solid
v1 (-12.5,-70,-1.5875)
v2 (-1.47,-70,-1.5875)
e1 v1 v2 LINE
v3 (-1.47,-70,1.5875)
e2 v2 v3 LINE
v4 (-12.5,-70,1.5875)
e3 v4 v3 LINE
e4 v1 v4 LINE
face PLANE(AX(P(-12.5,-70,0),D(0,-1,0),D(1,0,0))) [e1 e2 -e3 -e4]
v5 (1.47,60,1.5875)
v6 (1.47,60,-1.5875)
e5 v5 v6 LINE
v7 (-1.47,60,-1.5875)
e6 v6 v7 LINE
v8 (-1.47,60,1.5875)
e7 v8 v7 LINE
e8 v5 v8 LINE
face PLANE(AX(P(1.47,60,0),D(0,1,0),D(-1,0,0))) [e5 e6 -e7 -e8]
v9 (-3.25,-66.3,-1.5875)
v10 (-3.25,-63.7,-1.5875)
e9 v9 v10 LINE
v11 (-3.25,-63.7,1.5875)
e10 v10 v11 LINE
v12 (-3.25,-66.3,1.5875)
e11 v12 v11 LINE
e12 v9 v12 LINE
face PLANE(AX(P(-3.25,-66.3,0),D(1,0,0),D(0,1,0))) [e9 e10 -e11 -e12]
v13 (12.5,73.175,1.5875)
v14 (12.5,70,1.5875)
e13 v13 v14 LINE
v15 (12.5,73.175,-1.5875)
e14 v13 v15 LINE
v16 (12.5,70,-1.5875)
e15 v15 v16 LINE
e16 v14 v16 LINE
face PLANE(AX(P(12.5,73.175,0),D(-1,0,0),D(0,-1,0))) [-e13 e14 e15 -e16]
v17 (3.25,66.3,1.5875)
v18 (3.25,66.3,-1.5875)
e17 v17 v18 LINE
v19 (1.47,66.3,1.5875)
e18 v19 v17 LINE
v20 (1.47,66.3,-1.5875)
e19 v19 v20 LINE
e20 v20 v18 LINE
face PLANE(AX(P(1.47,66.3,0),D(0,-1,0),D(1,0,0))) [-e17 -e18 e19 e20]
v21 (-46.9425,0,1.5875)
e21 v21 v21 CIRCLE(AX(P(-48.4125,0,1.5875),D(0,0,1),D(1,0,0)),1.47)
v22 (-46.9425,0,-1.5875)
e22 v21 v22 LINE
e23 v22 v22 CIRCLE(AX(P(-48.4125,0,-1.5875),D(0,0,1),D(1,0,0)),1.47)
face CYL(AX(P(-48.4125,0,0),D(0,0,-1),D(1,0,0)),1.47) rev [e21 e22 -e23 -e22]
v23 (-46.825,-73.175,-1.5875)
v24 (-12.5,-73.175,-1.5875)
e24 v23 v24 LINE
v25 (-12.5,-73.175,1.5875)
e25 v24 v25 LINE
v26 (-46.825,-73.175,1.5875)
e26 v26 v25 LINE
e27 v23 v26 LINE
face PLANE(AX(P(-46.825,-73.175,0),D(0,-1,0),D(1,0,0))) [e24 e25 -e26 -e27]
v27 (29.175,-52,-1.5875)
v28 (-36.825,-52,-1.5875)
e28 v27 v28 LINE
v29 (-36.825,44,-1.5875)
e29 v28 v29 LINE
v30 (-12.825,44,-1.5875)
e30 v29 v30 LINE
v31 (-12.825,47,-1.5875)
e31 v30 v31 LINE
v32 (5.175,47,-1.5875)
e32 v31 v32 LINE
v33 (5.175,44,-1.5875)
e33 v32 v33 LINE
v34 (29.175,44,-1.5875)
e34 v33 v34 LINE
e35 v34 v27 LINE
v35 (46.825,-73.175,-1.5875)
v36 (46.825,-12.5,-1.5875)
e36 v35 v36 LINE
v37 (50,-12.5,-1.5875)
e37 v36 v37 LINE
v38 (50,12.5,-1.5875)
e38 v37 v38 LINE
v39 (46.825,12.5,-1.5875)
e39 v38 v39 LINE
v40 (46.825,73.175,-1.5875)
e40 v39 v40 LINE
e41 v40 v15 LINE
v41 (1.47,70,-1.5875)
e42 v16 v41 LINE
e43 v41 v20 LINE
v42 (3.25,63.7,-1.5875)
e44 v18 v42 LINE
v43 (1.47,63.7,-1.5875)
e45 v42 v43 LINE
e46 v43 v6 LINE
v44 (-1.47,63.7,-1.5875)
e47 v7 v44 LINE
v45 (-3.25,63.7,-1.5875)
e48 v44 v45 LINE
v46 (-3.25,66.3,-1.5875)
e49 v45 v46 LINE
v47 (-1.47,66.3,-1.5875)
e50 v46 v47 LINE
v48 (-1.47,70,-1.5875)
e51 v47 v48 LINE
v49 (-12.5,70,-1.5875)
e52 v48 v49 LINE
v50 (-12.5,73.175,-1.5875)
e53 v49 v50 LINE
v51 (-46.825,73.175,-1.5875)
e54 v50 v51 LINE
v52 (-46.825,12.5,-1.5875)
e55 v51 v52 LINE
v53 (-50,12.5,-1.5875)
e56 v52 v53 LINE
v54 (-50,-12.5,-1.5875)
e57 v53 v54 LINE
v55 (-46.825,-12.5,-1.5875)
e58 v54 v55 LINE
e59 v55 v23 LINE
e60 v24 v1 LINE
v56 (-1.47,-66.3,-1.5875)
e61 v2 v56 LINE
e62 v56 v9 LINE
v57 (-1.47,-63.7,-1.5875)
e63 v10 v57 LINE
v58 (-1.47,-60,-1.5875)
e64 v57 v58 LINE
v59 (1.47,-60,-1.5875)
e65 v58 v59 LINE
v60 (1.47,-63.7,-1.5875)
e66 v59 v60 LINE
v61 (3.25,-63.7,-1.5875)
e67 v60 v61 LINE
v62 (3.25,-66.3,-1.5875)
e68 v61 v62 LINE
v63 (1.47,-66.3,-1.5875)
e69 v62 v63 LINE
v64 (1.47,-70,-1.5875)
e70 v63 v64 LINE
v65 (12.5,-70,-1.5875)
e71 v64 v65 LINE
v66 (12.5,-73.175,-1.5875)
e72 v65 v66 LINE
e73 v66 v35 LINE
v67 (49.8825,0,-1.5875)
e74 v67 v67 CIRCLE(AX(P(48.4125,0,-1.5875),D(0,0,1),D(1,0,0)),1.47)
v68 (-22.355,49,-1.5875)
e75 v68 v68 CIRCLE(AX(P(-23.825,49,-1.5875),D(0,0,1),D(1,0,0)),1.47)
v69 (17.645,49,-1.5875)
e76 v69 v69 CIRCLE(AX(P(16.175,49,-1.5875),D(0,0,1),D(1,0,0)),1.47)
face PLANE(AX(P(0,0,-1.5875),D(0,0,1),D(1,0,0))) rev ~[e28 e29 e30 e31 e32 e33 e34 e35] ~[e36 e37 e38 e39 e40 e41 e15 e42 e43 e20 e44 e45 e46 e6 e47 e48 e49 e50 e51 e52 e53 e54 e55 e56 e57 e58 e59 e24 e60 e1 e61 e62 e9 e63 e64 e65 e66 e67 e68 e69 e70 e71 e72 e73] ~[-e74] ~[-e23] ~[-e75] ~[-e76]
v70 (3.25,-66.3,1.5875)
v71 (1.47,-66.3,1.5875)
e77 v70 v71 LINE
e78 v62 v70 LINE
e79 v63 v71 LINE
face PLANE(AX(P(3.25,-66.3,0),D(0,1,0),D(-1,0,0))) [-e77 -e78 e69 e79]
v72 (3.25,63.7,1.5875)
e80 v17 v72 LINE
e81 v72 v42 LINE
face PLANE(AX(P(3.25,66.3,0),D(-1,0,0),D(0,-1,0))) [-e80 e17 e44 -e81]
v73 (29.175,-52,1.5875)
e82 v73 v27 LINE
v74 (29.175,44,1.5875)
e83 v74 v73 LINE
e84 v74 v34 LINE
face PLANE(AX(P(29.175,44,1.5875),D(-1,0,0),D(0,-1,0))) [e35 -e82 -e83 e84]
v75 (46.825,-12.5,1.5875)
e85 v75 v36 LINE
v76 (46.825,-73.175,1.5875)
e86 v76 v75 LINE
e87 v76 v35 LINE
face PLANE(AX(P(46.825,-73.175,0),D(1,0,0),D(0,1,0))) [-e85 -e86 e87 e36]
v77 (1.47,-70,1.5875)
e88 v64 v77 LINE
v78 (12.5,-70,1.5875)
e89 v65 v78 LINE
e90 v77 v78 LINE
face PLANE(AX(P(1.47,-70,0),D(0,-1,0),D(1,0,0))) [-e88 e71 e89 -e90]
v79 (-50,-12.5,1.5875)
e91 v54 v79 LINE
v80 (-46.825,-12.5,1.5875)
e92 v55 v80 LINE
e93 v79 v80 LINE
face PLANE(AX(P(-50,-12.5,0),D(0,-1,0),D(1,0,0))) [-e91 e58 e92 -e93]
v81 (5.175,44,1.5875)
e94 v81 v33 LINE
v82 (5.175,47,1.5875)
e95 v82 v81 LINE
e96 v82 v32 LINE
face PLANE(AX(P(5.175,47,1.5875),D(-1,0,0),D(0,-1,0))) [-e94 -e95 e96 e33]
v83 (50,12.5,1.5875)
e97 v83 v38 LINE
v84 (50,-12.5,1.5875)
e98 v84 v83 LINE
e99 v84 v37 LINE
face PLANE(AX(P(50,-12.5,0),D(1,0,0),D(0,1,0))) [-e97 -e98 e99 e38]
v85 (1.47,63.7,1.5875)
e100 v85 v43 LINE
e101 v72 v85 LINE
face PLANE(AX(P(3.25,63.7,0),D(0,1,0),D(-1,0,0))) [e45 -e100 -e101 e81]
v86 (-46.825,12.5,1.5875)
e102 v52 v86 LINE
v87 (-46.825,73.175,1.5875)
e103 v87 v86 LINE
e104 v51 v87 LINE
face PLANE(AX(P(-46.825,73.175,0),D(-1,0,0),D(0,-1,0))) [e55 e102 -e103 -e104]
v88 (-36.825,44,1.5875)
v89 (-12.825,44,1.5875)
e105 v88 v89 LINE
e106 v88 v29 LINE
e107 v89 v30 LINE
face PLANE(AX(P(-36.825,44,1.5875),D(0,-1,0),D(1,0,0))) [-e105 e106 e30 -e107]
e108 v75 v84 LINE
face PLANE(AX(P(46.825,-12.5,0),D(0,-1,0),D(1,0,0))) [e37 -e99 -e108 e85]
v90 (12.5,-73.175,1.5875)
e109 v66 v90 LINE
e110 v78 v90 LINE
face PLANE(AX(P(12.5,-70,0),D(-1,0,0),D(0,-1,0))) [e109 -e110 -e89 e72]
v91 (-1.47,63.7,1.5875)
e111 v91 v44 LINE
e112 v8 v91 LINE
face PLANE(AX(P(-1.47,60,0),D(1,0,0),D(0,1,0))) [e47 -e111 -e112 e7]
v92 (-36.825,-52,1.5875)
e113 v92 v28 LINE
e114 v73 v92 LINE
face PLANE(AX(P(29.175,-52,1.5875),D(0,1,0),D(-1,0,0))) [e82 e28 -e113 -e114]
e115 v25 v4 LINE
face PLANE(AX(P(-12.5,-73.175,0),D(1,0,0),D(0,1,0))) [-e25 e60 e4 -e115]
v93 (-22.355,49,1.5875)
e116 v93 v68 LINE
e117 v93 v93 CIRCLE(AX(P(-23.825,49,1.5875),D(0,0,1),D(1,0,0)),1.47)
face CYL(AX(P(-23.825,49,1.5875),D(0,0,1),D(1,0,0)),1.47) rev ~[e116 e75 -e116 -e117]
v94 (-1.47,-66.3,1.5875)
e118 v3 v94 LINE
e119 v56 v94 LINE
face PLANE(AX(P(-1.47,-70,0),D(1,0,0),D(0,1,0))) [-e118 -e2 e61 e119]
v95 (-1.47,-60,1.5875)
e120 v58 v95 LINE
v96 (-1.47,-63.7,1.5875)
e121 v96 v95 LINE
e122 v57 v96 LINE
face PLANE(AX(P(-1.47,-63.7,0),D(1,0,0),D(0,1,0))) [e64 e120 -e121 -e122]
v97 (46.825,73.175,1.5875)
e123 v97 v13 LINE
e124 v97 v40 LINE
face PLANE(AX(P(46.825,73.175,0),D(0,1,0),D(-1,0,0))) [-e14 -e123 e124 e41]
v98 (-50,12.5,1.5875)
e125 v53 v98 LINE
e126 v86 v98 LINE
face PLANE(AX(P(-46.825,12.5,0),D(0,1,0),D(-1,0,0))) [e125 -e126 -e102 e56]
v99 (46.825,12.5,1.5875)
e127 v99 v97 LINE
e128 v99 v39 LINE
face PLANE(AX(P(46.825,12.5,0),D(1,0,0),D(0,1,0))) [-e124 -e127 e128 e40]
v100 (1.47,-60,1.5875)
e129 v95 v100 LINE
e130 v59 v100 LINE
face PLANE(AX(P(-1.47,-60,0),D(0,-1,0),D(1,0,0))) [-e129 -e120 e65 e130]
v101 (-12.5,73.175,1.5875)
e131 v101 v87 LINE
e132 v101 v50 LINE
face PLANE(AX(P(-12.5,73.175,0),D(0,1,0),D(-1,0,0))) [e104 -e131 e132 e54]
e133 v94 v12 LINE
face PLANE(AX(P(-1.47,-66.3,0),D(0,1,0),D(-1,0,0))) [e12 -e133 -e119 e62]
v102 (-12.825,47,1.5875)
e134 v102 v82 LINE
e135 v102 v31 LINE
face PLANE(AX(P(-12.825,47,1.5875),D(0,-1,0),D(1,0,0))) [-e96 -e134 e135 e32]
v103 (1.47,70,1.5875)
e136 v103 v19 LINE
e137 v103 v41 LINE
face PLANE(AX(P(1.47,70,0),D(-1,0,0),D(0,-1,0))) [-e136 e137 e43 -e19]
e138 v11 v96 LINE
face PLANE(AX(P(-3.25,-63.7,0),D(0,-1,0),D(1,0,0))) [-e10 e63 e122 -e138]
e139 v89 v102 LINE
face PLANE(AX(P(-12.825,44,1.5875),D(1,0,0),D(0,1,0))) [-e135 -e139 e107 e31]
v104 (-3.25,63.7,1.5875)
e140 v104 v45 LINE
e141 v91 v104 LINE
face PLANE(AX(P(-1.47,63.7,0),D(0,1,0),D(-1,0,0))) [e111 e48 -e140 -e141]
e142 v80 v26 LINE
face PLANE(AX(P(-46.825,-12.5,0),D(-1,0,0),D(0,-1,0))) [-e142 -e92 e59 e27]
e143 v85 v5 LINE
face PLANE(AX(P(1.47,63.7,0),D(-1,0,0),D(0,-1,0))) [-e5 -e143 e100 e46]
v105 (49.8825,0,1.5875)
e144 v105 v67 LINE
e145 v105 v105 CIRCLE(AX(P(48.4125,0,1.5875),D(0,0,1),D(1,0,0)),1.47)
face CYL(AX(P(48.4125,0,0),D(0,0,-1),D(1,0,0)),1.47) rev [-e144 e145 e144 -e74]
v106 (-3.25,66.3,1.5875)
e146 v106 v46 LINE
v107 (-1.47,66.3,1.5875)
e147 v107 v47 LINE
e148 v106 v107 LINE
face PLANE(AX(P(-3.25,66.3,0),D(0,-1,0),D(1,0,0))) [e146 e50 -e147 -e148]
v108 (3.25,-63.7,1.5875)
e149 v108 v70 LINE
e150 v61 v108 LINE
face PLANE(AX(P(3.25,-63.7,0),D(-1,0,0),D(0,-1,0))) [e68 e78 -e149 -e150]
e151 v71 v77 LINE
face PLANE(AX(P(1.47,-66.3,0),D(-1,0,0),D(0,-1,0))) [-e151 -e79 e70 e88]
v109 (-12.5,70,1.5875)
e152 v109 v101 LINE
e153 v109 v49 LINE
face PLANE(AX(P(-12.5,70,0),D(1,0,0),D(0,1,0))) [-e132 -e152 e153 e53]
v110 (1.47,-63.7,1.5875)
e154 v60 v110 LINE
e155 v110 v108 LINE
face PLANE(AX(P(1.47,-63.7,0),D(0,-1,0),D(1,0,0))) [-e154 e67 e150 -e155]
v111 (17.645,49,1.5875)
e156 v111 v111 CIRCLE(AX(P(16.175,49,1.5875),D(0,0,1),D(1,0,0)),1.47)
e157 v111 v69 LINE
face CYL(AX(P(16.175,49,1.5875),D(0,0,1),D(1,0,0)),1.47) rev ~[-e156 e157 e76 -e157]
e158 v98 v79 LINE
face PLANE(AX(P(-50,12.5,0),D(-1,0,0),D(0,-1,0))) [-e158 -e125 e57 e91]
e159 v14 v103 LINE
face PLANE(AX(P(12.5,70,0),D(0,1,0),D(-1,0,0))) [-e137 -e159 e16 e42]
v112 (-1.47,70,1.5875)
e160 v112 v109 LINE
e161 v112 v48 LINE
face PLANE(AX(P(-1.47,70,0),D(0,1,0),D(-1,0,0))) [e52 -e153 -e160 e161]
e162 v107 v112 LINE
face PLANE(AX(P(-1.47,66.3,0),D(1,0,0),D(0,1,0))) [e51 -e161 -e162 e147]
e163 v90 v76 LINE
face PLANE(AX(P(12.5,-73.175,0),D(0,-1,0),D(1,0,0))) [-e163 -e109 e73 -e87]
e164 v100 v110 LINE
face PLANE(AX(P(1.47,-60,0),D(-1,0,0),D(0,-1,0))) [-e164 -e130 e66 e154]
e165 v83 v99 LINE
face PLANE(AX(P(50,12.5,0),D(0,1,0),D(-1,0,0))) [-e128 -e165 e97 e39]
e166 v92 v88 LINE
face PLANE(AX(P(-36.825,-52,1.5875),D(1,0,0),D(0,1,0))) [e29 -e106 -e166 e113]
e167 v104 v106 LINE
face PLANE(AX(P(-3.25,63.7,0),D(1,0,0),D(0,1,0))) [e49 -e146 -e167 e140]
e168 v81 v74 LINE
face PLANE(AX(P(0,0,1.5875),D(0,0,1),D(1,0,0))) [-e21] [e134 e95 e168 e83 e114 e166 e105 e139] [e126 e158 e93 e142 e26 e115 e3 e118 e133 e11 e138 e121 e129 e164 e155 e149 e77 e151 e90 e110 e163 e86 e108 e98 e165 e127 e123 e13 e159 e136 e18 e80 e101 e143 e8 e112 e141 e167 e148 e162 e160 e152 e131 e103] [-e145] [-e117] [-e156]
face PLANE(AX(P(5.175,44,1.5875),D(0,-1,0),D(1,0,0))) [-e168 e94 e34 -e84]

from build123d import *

# Parameters (mm, degrees)
SKETCH1_R               = 1.47
BOSS_EXTRUDE1_DEPTH     = 1.5875
SKETCH2_R               = 1.47
CUT_EXTRUDE1_DEPTH      = 4.175
CUT_EXTRUDE3_DEPTH      = 1
CUT_EXTRUDE3_DEPTH_BACK = 4.175


with BuildPart() as part:
    # Sketch1 → Boss-Extrude1 (new body, symmetric)
    with BuildSketch(Plane.XY):
        Polygon((-12.5, 73.175), (-46.825, 73.175), (-46.825, 12.5), (-50, 12.5), (-50, -12.5), (-46.825, -12.5), (-46.825, -73.175), (-12.5, -73.175), (-12.5, -70), (-1.47, -70), (-1.47, -66.3), (-3.25, -66.3), (-3.25, -63.7), (-1.47, -63.7), (-1.47, -60), (1.47, -60), (1.47, -63.7), (3.25, -63.7), (3.25, -66.3), (1.47, -66.3), (1.47, -70), (12.5, -70), (12.5, -73.175), (46.825, -73.175), (46.825, -12.5), (50, -12.5), (50, 12.5), (46.825, 12.5), (46.825, 73.175), (12.5, 73.175), (12.5, 70), (1.47, 70), (1.47, 66.3), (3.25, 66.3), (3.25, 63.7), (1.47, 63.7), (1.47, 60), (-1.47, 60), (-1.47, 63.7), (-3.25, 63.7), (-3.25, 66.3), (-1.47, 66.3), (-1.47, 70), (-12.5, 70), align=None)
        with Locations((-48.4125, 0)):
            Circle(SKETCH1_R, mode=Mode.SUBTRACT)
        with Locations((48.4125, 0)):
            Circle(SKETCH1_R, mode=Mode.SUBTRACT)
    extrude(amount=BOSS_EXTRUDE1_DEPTH, both=True)

    # Sketch2 → Cut-Extrude1 (cut, through all)
    with BuildSketch(Plane.XY.offset(1.5875)):
        with Locations((16.175, 49)):
            Circle(SKETCH2_R)
        with Locations((-23.825, 49)):
            Circle(SKETCH2_R)
    extrude(amount=-CUT_EXTRUDE1_DEPTH, mode=Mode.SUBTRACT)

    # Sketch3 → Cut-Extrude3 (cut, two sides)
    with BuildSketch(Plane.XY.offset(1.5875)) as cut_extrude3_sk:
        Polygon((-36.825, 44), (-12.825, 44), (-12.825, 47), (5.175, 47), (5.175, 44), (29.175, 44), (29.175, -52), (-36.825, -52), align=None)
    extrude(amount=CUT_EXTRUDE3_DEPTH, mode=Mode.SUBTRACT)
    extrude(cut_extrude3_sk.sketch, amount=-CUT_EXTRUDE3_DEPTH_BACK, mode=Mode.SUBTRACT)


solid = part.part
